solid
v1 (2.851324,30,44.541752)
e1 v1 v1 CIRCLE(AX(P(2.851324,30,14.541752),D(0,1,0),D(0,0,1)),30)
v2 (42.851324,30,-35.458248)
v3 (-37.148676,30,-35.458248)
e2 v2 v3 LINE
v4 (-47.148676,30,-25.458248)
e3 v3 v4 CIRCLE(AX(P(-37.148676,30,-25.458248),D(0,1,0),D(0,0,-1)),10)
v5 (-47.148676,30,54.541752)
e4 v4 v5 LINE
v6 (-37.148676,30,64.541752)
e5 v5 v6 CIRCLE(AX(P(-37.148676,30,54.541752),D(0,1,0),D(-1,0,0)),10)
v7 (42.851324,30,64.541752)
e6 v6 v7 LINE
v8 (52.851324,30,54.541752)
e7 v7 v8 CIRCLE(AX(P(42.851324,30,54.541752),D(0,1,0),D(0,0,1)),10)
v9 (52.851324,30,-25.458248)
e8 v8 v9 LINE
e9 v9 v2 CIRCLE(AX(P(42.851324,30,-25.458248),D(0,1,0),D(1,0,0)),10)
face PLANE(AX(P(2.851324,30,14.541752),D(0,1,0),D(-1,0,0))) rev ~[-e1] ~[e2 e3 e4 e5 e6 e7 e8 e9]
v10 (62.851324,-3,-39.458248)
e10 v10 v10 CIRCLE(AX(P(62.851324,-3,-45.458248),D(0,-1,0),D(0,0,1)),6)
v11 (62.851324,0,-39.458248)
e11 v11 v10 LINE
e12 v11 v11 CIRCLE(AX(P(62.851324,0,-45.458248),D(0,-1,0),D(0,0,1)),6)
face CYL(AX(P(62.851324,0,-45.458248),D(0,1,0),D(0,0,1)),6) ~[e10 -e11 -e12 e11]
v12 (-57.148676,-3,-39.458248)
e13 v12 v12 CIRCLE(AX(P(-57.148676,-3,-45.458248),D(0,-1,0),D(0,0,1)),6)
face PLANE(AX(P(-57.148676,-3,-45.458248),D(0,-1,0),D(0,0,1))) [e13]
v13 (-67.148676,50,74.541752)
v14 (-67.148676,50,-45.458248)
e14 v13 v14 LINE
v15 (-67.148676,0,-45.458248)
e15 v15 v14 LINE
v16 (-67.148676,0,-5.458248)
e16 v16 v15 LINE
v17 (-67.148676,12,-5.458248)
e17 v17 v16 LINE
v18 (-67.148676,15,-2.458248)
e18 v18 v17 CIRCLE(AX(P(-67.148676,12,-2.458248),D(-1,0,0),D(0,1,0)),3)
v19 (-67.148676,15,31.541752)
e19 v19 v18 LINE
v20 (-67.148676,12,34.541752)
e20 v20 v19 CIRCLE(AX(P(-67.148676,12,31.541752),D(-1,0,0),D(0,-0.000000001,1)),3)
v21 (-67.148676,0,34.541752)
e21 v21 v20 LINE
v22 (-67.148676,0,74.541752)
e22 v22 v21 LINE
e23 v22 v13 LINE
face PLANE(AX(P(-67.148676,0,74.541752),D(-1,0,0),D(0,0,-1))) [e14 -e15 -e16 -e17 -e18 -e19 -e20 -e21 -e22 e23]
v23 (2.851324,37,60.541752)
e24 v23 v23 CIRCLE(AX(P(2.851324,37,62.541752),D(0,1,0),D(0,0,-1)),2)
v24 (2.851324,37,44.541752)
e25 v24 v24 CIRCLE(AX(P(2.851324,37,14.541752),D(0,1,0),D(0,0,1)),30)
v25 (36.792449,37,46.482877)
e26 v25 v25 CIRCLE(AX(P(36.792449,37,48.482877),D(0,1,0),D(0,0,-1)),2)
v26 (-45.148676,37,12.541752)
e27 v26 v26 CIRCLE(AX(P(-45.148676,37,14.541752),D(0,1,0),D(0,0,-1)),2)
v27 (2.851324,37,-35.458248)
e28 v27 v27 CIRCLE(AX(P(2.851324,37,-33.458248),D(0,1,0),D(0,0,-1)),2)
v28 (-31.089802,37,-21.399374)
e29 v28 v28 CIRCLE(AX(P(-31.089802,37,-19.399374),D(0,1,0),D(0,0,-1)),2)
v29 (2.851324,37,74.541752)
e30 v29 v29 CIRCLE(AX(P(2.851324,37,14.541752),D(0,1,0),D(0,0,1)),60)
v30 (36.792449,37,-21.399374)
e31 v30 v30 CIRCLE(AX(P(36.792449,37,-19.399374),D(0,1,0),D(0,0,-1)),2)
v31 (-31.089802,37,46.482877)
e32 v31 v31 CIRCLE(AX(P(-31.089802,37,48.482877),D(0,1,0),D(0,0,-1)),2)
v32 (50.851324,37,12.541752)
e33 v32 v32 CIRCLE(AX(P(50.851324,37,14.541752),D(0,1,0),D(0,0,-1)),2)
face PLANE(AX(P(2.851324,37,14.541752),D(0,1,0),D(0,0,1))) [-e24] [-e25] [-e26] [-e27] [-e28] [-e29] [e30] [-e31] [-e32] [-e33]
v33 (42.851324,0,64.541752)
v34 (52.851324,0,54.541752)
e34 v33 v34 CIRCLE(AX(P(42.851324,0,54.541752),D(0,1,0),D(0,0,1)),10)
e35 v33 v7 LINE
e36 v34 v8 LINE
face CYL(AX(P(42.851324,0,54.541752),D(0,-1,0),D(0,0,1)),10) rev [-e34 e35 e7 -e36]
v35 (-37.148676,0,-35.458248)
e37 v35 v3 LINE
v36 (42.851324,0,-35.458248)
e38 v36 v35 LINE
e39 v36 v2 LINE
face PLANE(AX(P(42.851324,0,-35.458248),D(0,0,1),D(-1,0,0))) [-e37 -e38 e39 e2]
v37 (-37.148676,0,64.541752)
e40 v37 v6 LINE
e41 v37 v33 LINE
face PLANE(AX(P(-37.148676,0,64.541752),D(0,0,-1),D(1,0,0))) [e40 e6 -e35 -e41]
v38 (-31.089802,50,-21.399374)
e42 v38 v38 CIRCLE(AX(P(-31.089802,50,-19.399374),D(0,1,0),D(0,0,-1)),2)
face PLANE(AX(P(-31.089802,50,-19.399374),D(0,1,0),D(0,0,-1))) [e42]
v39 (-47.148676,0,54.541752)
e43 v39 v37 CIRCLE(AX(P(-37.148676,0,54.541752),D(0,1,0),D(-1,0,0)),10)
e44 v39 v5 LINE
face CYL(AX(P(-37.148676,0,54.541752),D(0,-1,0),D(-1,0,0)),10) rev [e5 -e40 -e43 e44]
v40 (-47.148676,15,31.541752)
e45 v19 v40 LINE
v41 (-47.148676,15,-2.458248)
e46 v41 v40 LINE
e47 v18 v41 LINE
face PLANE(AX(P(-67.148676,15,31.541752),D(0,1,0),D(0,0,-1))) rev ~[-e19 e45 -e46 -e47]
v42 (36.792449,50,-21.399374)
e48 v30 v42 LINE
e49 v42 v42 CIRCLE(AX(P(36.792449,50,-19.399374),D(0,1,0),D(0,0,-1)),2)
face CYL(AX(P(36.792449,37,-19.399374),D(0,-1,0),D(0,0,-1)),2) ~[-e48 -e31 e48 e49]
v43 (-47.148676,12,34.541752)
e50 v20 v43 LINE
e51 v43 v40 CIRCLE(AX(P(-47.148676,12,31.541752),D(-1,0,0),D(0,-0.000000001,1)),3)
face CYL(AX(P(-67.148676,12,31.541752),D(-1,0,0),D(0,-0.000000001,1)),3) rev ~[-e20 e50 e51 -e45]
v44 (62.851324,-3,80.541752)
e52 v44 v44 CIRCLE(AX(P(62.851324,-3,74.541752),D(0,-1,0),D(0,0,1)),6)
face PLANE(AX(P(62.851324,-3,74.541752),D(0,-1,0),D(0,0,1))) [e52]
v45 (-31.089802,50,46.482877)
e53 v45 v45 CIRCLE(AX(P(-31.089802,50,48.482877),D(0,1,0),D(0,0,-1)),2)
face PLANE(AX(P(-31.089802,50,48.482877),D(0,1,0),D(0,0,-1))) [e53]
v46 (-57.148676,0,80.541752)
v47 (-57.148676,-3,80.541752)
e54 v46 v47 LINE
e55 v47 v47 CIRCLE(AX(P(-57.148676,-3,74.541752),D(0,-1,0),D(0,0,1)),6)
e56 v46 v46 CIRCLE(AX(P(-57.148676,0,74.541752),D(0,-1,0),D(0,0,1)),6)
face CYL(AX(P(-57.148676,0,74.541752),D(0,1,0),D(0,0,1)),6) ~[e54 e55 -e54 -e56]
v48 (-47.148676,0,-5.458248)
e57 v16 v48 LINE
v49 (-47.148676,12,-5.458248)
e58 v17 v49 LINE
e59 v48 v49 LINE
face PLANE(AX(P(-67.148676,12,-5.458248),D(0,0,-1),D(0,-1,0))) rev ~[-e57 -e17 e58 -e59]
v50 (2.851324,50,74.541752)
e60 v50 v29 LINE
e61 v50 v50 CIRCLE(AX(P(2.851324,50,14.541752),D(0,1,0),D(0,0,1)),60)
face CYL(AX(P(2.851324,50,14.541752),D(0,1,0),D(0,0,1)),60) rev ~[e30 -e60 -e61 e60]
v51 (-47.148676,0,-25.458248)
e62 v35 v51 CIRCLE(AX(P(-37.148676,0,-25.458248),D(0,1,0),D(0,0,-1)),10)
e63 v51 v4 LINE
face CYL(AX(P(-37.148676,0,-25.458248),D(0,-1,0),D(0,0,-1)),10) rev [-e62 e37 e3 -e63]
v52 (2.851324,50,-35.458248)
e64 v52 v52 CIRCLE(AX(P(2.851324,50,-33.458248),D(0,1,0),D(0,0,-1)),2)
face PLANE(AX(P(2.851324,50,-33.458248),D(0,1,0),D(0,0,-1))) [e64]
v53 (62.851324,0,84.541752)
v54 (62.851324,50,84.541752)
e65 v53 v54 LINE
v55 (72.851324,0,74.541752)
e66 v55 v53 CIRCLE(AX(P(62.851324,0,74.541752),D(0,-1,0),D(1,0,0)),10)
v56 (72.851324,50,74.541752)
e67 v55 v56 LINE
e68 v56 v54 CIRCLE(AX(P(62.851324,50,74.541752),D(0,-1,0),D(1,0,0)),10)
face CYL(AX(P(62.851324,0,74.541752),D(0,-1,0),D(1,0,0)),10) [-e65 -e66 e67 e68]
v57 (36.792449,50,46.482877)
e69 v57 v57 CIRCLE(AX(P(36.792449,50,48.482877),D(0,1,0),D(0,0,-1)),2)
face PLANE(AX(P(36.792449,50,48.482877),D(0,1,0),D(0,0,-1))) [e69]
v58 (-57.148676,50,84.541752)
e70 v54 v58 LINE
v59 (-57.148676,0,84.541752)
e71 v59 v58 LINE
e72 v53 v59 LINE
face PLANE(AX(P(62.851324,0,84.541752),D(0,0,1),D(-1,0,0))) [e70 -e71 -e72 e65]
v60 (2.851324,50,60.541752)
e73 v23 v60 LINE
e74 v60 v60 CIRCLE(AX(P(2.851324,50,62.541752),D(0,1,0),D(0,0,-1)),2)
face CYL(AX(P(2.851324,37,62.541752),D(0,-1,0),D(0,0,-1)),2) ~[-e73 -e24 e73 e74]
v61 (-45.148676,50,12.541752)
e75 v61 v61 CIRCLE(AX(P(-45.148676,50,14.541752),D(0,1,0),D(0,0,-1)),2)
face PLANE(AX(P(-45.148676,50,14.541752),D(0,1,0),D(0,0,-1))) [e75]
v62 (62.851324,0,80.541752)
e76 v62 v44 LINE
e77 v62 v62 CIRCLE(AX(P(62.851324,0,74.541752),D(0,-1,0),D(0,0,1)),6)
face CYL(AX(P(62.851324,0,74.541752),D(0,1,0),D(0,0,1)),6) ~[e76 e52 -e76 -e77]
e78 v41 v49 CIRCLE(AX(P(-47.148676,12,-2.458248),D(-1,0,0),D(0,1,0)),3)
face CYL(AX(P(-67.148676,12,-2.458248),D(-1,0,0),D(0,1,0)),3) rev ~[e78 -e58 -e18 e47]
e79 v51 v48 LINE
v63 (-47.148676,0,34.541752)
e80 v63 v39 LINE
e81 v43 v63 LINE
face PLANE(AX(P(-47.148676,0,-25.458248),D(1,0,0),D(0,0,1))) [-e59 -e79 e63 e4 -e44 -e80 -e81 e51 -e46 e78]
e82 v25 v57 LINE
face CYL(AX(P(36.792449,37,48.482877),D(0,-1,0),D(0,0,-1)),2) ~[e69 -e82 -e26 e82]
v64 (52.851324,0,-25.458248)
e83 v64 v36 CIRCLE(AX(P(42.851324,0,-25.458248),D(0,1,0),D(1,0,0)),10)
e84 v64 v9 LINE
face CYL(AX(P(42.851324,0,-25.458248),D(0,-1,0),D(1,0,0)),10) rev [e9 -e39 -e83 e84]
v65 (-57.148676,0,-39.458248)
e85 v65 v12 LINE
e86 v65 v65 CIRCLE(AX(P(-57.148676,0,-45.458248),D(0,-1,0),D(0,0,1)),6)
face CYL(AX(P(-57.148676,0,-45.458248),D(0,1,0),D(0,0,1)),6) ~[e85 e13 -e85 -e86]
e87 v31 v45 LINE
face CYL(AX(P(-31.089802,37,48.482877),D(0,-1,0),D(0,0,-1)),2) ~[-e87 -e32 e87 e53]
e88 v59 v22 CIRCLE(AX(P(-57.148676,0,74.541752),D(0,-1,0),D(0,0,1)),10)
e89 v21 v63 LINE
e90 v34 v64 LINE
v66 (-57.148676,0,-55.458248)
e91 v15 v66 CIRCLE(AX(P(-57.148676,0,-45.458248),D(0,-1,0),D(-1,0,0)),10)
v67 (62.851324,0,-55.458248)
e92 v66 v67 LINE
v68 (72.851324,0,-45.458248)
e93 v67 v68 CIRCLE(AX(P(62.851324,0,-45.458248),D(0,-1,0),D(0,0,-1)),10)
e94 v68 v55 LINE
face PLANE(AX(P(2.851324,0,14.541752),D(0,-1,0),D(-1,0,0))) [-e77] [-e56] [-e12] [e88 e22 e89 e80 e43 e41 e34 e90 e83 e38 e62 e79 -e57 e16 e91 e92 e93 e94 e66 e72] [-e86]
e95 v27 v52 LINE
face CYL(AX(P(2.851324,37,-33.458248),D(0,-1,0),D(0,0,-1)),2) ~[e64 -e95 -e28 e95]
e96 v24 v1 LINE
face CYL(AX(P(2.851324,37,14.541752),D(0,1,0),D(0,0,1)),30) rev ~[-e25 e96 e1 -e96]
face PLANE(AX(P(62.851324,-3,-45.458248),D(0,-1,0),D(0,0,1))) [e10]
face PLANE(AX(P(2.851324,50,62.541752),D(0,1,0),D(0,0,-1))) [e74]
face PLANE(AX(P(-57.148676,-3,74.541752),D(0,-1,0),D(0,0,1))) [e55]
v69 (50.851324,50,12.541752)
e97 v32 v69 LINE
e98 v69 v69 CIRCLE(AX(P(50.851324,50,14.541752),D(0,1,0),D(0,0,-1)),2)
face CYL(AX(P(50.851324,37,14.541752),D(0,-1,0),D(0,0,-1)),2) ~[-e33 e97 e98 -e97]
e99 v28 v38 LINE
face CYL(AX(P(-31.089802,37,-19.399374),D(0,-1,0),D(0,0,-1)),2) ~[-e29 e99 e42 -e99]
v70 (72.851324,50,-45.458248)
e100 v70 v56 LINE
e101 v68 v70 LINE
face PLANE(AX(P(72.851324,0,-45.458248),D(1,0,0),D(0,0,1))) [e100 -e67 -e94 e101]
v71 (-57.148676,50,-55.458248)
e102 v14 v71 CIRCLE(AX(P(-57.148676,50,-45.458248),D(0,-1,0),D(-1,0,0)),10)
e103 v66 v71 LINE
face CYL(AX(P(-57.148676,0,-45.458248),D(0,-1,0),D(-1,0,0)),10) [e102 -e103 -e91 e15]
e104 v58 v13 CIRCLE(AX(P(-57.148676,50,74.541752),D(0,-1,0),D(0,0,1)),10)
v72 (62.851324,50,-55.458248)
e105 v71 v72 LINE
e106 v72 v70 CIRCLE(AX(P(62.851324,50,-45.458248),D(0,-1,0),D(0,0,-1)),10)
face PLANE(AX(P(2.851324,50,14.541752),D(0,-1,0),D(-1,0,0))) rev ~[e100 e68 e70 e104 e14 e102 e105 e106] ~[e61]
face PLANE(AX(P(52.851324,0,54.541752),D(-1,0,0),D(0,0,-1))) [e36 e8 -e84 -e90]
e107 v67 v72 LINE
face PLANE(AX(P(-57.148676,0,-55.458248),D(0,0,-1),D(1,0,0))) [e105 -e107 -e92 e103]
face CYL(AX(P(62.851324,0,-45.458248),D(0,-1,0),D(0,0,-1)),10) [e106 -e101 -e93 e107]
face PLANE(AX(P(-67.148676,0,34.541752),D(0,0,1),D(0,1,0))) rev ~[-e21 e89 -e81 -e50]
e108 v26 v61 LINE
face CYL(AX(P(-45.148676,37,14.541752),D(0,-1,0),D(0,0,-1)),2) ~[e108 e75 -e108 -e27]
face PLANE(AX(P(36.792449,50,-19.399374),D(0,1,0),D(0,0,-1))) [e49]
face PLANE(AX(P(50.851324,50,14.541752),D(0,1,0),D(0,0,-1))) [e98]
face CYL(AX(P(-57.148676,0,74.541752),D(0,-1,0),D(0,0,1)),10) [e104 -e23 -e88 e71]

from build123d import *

# Parameters (mm, degrees)
BOSS_EXTRUDE1_DEPTH = 50
SKETCH2_R           = 60
CUT_EXTRUDE1_DEPTH  = 13
SKETCH3_R           = 10
CUT_EXTRUDE2_DEPTH  = 50
SKETCH4_R           = 2
BOSS_EXTRUDE2_DEPTH = 13
CUT_EXTRUDE3_DEPTH  = 30
SKETCH6_R           = 6
BOSS_EXTRUDE4_DEPTH = 3
SKETCH7_R           = 30
CUT_EXTRUDE4_DEPTH  = 40
CUT_EXTRUDE5_DEPTH  = 25


with BuildPart() as part:
    # Sketch1 → Boss-Extrude1 (new body)
    with BuildSketch(Plane(origin=(0, 0, 0), x_dir=(1, 0, 0), z_dir=(0, 1, 0))):
        with BuildLine():
            Line((-57.148676171, 55.458248473), (62.851323829, 55.458248473))
            ThreePointArc((62.851323829, 55.458248473), (69.922391641, 52.529316284), (72.851323829, 45.458248473))
            Line((72.851323829, 45.458248473), (72.851323829, -74.541751527))
            ThreePointArc((72.851323829, -74.541751527), (69.922391641, -81.612819339), (62.851323829, -84.541751527))
            Line((62.851323829, -84.541751527), (-57.148676171, -84.541751527))
            ThreePointArc((-57.148676171, -84.541751527), (-64.219743983, -81.612819339), (-67.148676171, -74.541751527))
            Line((-67.148676171, -74.541751527), (-67.148676171, 45.458248473))
            ThreePointArc((-67.148676171, 45.458248473), (-64.219743983, 52.529316284), (-57.148676171, 55.458248473))
        make_face()
    extrude(amount=BOSS_EXTRUDE1_DEPTH)

    # Sketch2 → Cut-Extrude1 (cut)
    with BuildSketch(Plane(origin=(0, 50, 0), x_dir=(1, 0, 0), z_dir=(0, 1, 0))):
        with Locations(Location((2.851323829, -14.541751527, 0), (0, 0, 270))):
            Circle(SKETCH2_R)
    extrude(amount=-CUT_EXTRUDE1_DEPTH, mode=Mode.SUBTRACT)

    # Sketch3 → Cut-Extrude2 (cut)
    with BuildSketch(Plane(origin=(0, 37, 0), x_dir=(1, 0, 0), z_dir=(0, 1, 0))):
        with Locations(Location((2.851323829, -14.541751527, 0), (0, 0, 270))):
            Circle(SKETCH3_R)
    extrude(amount=-CUT_EXTRUDE2_DEPTH, mode=Mode.SUBTRACT)

    # Sketch4 → Boss-Extrude2 (add)
    with BuildSketch(Plane(origin=(0, 37, 0), x_dir=(1, 0, 0), z_dir=(0, 1, 0))):
        with Locations(Location((2.851323829, 33.458248473, 0), (0, 0, 90))):
            Circle(SKETCH4_R)
        with Locations(Location((36.792449326, 19.399373969, 0), (0, 0, 90))):
            Circle(SKETCH4_R)
        with Locations(Location((50.851323829, -14.541751527, 0), (0, 0, 90))):
            Circle(SKETCH4_R)
        with Locations(Location((36.792449326, -48.482877024, 0), (0, 0, 90))):
            Circle(SKETCH4_R)
        with Locations(Location((2.851323829, -62.541751527, 0), (0, 0, 90))):
            Circle(SKETCH4_R)
        with Locations(Location((-31.089801668, -48.482877024, 0), (0, 0, 90))):
            Circle(SKETCH4_R)
        with Locations(Location((-45.148676171, -14.541751527, 0), (0, 0, 90))):
            Circle(SKETCH4_R)
        with Locations(Location((-31.089801668, 19.399373969, 0), (0, 0, 90))):
            Circle(SKETCH4_R)
    extrude(amount=BOSS_EXTRUDE2_DEPTH)

    # Sketch5 → Cut-Extrude3 (cut)
    with BuildSketch(Plane.XZ):
        with BuildLine():
            Line((-37.148676171, 64.541751527), (42.851323829, 64.541751527))
            ThreePointArc((42.851323829, 64.541751527), (49.922391641, 61.612819339), (52.851323829, 54.541751527))
            Line((52.851323829, 54.541751527), (52.851323829, -25.458248473))
            ThreePointArc((52.851323829, -25.458248473), (49.922391641, -32.529316284), (42.851323829, -35.458248473))
            Line((42.851323829, -35.458248473), (-37.148676171, -35.458248473))
            ThreePointArc((-37.148676171, -35.458248473), (-44.219743983, -32.529316284), (-47.148676171, -25.458248473))
            Line((-47.148676171, -25.458248473), (-47.148676171, 54.541751527))
            ThreePointArc((-47.148676171, 54.541751527), (-44.219743983, 61.612819339), (-37.148676171, 64.541751527))
        make_face()
    extrude(amount=-CUT_EXTRUDE3_DEPTH, mode=Mode.SUBTRACT)

    # Sketch6 → Boss-Extrude4 (add)
    with BuildSketch(Plane.XZ):
        with Locations(Location((-57.148676171, 74.541751527, 0), (0, 0, 90))):
            Circle(SKETCH6_R)
        with Locations(Location((62.851323829, 74.541751527, 0), (0, 0, 90))):
            Circle(SKETCH6_R)
        with Locations(Location((62.851323829, -45.458248473, 0), (0, 0, 90))):
            Circle(SKETCH6_R)
        with Locations(Location((-57.148676171, -45.458248473, 0), (0, 0, 90))):
            Circle(SKETCH6_R)
    extrude(amount=BOSS_EXTRUDE4_DEPTH)

    # Sketch7 → Cut-Extrude4 (cut)
    with BuildSketch(Plane(origin=(0, 37, 0), x_dir=(1, 0, 0), z_dir=(0, 1, 0))):
        with Locations(Location((2.851323829, -14.541751527, 0), (0, 0, 270))):
            Circle(SKETCH7_R)
    extrude(amount=-CUT_EXTRUDE4_DEPTH, mode=Mode.SUBTRACT)

    # Sketch8 → Cut-Extrude5 (cut)
    with BuildSketch(Plane.ZY.offset(67.148676171)):
        with BuildLine():
            Line((-5.458248473, 0), (34.541751527, 0))
            Line((34.541751527, 0), (34.541751527, 12))
            ThreePointArc((34.541751527, 12), (33.663071871, 14.121320344), (31.541751527, 15))
            Line((31.541751527, 15), (-2.458248473, 15))
            ThreePointArc((-2.458248473, 15), (-4.579568816, 14.121320344), (-5.458248473, 12))
            Line((-5.458248473, 12), (-5.458248473, 0))
        make_face()
    extrude(amount=-CUT_EXTRUDE5_DEPTH, mode=Mode.SUBTRACT)


solid = part.part
